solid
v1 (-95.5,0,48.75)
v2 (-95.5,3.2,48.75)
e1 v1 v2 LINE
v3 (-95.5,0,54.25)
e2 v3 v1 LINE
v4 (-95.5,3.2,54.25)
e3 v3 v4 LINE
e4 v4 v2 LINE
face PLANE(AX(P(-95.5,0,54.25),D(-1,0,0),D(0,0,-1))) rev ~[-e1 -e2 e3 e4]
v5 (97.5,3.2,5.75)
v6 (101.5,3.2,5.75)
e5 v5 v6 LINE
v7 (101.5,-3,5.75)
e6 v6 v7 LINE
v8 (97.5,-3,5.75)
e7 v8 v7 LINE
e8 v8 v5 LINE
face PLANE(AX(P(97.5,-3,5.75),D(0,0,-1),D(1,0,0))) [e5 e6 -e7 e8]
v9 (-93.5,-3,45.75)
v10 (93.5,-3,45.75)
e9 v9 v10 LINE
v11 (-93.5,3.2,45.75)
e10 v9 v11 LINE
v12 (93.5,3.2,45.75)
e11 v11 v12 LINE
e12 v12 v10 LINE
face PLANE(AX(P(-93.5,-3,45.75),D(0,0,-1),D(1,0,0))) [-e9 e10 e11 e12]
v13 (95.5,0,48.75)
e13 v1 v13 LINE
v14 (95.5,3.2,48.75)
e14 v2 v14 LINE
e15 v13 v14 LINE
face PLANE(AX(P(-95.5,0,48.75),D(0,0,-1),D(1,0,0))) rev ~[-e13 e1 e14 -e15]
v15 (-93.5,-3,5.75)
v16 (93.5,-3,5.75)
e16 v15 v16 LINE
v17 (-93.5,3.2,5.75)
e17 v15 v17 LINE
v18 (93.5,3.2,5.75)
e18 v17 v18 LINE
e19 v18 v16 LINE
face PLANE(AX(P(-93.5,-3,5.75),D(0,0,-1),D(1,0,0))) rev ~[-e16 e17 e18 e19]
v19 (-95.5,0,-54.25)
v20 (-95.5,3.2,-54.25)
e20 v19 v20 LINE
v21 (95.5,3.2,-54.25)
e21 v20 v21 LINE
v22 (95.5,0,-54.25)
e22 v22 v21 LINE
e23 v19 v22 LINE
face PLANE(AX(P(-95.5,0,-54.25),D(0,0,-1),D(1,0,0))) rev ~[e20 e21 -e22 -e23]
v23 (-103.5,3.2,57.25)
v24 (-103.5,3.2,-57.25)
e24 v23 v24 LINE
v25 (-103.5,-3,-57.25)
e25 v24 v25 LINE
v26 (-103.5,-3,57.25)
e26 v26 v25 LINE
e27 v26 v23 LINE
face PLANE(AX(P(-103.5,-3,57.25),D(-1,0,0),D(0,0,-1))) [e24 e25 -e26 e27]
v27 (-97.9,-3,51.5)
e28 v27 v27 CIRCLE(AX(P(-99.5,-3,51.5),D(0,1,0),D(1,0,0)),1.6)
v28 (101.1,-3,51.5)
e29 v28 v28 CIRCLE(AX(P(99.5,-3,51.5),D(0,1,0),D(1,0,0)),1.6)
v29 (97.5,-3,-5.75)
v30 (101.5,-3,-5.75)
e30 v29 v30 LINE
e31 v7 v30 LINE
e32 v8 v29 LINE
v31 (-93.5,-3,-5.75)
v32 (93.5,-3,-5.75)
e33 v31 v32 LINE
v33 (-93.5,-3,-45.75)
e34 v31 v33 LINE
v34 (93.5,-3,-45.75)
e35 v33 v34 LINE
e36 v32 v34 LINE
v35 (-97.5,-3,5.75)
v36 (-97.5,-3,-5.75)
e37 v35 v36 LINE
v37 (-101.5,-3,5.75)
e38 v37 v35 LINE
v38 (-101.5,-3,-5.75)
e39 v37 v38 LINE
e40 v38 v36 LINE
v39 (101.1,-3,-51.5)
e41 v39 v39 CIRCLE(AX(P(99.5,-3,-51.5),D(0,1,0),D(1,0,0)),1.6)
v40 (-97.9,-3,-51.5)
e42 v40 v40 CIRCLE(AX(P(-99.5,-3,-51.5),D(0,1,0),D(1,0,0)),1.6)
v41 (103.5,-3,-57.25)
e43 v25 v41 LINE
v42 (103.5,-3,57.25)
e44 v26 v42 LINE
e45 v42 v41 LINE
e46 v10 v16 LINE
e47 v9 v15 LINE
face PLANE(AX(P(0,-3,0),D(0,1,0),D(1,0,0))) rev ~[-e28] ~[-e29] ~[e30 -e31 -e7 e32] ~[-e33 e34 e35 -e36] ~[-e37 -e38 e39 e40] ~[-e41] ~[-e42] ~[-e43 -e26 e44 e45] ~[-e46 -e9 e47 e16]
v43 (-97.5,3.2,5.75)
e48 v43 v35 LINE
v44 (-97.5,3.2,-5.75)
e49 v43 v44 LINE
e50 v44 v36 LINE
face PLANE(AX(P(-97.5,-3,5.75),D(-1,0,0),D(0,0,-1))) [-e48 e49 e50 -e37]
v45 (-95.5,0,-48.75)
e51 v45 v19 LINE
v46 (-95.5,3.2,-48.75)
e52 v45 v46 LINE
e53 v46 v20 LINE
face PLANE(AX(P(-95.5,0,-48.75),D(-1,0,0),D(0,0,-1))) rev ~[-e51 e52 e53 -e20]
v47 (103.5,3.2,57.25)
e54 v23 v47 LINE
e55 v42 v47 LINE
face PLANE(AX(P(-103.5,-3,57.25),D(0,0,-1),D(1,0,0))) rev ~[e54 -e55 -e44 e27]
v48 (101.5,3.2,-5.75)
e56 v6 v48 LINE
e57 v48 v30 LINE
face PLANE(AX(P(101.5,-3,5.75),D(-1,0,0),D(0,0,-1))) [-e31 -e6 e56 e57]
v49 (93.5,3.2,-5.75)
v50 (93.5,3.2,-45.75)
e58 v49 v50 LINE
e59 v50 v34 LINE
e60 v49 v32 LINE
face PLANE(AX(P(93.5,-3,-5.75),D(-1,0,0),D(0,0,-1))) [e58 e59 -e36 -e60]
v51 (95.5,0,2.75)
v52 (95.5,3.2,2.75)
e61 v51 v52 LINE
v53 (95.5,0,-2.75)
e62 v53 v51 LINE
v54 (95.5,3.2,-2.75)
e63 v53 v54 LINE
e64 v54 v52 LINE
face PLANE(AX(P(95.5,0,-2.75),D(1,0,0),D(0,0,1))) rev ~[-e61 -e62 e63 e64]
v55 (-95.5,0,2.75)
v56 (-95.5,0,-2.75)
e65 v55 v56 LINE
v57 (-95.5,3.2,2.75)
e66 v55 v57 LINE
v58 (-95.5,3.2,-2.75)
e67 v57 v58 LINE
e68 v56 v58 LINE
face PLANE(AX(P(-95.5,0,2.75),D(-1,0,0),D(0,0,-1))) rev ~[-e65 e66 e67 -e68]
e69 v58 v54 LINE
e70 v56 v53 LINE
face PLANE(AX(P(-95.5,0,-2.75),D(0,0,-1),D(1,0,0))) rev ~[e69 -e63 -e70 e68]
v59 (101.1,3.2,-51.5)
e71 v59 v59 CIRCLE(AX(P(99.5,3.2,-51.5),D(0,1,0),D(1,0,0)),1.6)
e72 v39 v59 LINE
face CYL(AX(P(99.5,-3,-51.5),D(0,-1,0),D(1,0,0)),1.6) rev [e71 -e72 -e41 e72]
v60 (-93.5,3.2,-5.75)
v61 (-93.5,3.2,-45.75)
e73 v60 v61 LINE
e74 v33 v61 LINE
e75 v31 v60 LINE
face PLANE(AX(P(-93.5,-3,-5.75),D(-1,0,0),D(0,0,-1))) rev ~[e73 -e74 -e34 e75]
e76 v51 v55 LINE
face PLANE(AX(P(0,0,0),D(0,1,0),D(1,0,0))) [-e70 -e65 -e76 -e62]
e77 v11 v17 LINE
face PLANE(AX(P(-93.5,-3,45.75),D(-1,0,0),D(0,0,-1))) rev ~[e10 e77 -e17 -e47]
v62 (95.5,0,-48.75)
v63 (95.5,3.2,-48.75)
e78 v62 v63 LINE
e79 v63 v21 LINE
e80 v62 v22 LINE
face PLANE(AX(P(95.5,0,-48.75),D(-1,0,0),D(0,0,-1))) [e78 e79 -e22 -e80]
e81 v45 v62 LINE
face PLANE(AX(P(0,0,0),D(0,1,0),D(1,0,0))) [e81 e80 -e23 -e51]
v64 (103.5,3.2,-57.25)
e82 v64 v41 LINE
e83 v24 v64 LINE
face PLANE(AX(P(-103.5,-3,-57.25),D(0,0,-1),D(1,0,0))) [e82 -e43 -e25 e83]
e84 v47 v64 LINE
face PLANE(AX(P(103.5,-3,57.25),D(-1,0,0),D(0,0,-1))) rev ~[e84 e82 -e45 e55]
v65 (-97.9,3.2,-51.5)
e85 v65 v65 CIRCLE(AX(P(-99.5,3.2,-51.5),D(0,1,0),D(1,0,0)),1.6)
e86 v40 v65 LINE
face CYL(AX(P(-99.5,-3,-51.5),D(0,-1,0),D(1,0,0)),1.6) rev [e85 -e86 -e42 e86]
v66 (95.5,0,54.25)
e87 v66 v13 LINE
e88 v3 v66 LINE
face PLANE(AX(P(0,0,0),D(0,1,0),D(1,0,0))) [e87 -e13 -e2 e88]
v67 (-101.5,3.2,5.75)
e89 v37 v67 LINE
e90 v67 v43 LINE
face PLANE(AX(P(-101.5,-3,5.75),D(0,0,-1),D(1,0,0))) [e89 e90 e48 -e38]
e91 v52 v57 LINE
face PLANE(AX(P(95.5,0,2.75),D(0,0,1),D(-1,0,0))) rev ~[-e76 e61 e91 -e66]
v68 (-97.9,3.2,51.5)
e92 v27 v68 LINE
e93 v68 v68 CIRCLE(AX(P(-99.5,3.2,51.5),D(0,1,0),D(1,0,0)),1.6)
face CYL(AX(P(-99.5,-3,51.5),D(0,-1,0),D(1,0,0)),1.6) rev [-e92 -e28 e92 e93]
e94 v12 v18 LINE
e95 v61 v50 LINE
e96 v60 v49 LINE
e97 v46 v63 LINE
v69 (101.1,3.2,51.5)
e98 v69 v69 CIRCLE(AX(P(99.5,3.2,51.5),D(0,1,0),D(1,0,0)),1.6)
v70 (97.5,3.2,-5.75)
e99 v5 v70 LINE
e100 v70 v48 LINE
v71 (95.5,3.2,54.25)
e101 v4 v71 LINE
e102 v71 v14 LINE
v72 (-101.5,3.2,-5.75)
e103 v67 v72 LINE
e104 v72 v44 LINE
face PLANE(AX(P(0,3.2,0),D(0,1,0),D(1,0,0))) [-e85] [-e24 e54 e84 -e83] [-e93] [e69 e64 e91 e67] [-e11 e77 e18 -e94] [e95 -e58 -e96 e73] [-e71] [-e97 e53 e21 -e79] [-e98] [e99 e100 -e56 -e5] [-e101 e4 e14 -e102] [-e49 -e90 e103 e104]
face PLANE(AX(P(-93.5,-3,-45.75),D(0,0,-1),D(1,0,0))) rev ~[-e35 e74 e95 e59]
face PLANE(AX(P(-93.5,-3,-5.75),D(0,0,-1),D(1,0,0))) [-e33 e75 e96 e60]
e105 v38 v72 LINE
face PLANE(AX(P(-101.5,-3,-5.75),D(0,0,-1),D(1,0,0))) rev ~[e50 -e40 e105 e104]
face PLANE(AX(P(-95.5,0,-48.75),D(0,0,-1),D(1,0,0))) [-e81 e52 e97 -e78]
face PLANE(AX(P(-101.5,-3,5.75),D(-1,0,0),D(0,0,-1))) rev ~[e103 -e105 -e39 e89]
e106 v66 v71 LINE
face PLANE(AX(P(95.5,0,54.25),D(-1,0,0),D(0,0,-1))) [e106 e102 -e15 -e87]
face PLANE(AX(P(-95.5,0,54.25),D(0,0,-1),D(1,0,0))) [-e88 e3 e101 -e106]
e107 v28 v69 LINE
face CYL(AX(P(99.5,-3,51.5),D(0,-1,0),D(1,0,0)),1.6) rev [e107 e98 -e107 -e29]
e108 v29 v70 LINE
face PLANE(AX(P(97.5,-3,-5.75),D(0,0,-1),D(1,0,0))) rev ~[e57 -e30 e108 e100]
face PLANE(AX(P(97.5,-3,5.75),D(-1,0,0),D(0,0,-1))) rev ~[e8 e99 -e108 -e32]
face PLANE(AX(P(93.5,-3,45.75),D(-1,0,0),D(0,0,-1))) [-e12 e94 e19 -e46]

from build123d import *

# Parameters (mm, degrees)
SKETCH1_W           = 207
SKETCH1_H           = 114.5
SKETCH1_W_2         = 187
SKETCH1_H_2         = 40
SKETCH1_W_3         = 191
SKETCH1_H_3         = 5.5
SKETCH1_R           = 1.6
SKETCH1_W_4         = 4
SKETCH1_H_4         = 11.5
BOSS_EXTRUDE1_DEPTH = 3.2
BOSS_EXTRUDE2_START = -3
SKETCH1_3_W         = 207
SKETCH1_3_H         = 114.5
SKETCH1_3_W_2       = 187
SKETCH1_3_H_2       = 40
SKETCH1_3_R         = 1.6
SKETCH1_3_W_3       = 4
SKETCH1_3_H_3       = 11.5
BOSS_EXTRUDE2_DEPTH = 3


with BuildPart() as part:
    # Sketch1 → Boss-Extrude1 (new body)
    with BuildSketch(Plane(origin=(0, 0, 0), x_dir=(1, 0, 0), z_dir=(0, 1, 0))):
        Rectangle(SKETCH1_W, SKETCH1_H)
        with Locations((0, 25.75)):
            Rectangle(SKETCH1_W_2, SKETCH1_H_2, mode=Mode.SUBTRACT)
        Polygon((-95.5, 2.75), (93.5, 2.75), (95.5, 2.75), (95.5, -2.75), (-95.5, -2.75), align=None, mode=Mode.SUBTRACT)
        with Locations((0, -25.75)):
            Rectangle(SKETCH1_W_2, SKETCH1_H_2, mode=Mode.SUBTRACT)
        with Locations((0, -51.5)):
            Rectangle(SKETCH1_W_3, SKETCH1_H_3, mode=Mode.SUBTRACT)
        with Locations((0, 51.5)):
            Rectangle(SKETCH1_W_3, SKETCH1_H_3, mode=Mode.SUBTRACT)
        with Locations((-99.5, -51.5)):
            Circle(SKETCH1_R, mode=Mode.SUBTRACT)
        with Locations((-99.5, 0)):
            Rectangle(SKETCH1_W_4, SKETCH1_H_4, mode=Mode.SUBTRACT)
        with Locations((-99.5, 51.5)):
            Circle(SKETCH1_R, mode=Mode.SUBTRACT)
        with Locations((99.5, -51.5)):
            Circle(SKETCH1_R, mode=Mode.SUBTRACT)
        with Locations((99.5, 0)):
            Rectangle(SKETCH1_W_4, SKETCH1_H_4, mode=Mode.SUBTRACT)
        with Locations((99.5, 51.5)):
            Circle(SKETCH1_R, mode=Mode.SUBTRACT)
    extrude(amount=BOSS_EXTRUDE1_DEPTH)

    # Sketch1<3> → Boss-Extrude2 (add)
    with BuildSketch(Plane(origin=(0, 0, 0), x_dir=(1, 0, 0), z_dir=(0, 1, 0)).offset(BOSS_EXTRUDE2_START)):
        Rectangle(SKETCH1_3_W, SKETCH1_3_H)
        with Locations((0, 25.75)):
            Rectangle(SKETCH1_3_W_2, SKETCH1_3_H_2, mode=Mode.SUBTRACT)
        with Locations((0, -25.75)):
            Rectangle(SKETCH1_3_W_2, SKETCH1_3_H_2, mode=Mode.SUBTRACT)
        with Locations((-99.5, -51.5)):
            Circle(SKETCH1_3_R, mode=Mode.SUBTRACT)
        with Locations((-99.5, 0)):
            Rectangle(SKETCH1_3_W_3, SKETCH1_3_H_3, mode=Mode.SUBTRACT)
        with Locations((-99.5, 51.5)):
            Circle(SKETCH1_3_R, mode=Mode.SUBTRACT)
        with Locations((99.5, 0)):
            Rectangle(SKETCH1_3_W_3, SKETCH1_3_H_3, mode=Mode.SUBTRACT)
        with Locations((99.5, -51.5)):
            Circle(SKETCH1_3_R, mode=Mode.SUBTRACT)
        with Locations((99.5, 51.5)):
            Circle(SKETCH1_3_R, mode=Mode.SUBTRACT)
    extrude(amount=BOSS_EXTRUDE2_DEPTH)


solid = part.part
